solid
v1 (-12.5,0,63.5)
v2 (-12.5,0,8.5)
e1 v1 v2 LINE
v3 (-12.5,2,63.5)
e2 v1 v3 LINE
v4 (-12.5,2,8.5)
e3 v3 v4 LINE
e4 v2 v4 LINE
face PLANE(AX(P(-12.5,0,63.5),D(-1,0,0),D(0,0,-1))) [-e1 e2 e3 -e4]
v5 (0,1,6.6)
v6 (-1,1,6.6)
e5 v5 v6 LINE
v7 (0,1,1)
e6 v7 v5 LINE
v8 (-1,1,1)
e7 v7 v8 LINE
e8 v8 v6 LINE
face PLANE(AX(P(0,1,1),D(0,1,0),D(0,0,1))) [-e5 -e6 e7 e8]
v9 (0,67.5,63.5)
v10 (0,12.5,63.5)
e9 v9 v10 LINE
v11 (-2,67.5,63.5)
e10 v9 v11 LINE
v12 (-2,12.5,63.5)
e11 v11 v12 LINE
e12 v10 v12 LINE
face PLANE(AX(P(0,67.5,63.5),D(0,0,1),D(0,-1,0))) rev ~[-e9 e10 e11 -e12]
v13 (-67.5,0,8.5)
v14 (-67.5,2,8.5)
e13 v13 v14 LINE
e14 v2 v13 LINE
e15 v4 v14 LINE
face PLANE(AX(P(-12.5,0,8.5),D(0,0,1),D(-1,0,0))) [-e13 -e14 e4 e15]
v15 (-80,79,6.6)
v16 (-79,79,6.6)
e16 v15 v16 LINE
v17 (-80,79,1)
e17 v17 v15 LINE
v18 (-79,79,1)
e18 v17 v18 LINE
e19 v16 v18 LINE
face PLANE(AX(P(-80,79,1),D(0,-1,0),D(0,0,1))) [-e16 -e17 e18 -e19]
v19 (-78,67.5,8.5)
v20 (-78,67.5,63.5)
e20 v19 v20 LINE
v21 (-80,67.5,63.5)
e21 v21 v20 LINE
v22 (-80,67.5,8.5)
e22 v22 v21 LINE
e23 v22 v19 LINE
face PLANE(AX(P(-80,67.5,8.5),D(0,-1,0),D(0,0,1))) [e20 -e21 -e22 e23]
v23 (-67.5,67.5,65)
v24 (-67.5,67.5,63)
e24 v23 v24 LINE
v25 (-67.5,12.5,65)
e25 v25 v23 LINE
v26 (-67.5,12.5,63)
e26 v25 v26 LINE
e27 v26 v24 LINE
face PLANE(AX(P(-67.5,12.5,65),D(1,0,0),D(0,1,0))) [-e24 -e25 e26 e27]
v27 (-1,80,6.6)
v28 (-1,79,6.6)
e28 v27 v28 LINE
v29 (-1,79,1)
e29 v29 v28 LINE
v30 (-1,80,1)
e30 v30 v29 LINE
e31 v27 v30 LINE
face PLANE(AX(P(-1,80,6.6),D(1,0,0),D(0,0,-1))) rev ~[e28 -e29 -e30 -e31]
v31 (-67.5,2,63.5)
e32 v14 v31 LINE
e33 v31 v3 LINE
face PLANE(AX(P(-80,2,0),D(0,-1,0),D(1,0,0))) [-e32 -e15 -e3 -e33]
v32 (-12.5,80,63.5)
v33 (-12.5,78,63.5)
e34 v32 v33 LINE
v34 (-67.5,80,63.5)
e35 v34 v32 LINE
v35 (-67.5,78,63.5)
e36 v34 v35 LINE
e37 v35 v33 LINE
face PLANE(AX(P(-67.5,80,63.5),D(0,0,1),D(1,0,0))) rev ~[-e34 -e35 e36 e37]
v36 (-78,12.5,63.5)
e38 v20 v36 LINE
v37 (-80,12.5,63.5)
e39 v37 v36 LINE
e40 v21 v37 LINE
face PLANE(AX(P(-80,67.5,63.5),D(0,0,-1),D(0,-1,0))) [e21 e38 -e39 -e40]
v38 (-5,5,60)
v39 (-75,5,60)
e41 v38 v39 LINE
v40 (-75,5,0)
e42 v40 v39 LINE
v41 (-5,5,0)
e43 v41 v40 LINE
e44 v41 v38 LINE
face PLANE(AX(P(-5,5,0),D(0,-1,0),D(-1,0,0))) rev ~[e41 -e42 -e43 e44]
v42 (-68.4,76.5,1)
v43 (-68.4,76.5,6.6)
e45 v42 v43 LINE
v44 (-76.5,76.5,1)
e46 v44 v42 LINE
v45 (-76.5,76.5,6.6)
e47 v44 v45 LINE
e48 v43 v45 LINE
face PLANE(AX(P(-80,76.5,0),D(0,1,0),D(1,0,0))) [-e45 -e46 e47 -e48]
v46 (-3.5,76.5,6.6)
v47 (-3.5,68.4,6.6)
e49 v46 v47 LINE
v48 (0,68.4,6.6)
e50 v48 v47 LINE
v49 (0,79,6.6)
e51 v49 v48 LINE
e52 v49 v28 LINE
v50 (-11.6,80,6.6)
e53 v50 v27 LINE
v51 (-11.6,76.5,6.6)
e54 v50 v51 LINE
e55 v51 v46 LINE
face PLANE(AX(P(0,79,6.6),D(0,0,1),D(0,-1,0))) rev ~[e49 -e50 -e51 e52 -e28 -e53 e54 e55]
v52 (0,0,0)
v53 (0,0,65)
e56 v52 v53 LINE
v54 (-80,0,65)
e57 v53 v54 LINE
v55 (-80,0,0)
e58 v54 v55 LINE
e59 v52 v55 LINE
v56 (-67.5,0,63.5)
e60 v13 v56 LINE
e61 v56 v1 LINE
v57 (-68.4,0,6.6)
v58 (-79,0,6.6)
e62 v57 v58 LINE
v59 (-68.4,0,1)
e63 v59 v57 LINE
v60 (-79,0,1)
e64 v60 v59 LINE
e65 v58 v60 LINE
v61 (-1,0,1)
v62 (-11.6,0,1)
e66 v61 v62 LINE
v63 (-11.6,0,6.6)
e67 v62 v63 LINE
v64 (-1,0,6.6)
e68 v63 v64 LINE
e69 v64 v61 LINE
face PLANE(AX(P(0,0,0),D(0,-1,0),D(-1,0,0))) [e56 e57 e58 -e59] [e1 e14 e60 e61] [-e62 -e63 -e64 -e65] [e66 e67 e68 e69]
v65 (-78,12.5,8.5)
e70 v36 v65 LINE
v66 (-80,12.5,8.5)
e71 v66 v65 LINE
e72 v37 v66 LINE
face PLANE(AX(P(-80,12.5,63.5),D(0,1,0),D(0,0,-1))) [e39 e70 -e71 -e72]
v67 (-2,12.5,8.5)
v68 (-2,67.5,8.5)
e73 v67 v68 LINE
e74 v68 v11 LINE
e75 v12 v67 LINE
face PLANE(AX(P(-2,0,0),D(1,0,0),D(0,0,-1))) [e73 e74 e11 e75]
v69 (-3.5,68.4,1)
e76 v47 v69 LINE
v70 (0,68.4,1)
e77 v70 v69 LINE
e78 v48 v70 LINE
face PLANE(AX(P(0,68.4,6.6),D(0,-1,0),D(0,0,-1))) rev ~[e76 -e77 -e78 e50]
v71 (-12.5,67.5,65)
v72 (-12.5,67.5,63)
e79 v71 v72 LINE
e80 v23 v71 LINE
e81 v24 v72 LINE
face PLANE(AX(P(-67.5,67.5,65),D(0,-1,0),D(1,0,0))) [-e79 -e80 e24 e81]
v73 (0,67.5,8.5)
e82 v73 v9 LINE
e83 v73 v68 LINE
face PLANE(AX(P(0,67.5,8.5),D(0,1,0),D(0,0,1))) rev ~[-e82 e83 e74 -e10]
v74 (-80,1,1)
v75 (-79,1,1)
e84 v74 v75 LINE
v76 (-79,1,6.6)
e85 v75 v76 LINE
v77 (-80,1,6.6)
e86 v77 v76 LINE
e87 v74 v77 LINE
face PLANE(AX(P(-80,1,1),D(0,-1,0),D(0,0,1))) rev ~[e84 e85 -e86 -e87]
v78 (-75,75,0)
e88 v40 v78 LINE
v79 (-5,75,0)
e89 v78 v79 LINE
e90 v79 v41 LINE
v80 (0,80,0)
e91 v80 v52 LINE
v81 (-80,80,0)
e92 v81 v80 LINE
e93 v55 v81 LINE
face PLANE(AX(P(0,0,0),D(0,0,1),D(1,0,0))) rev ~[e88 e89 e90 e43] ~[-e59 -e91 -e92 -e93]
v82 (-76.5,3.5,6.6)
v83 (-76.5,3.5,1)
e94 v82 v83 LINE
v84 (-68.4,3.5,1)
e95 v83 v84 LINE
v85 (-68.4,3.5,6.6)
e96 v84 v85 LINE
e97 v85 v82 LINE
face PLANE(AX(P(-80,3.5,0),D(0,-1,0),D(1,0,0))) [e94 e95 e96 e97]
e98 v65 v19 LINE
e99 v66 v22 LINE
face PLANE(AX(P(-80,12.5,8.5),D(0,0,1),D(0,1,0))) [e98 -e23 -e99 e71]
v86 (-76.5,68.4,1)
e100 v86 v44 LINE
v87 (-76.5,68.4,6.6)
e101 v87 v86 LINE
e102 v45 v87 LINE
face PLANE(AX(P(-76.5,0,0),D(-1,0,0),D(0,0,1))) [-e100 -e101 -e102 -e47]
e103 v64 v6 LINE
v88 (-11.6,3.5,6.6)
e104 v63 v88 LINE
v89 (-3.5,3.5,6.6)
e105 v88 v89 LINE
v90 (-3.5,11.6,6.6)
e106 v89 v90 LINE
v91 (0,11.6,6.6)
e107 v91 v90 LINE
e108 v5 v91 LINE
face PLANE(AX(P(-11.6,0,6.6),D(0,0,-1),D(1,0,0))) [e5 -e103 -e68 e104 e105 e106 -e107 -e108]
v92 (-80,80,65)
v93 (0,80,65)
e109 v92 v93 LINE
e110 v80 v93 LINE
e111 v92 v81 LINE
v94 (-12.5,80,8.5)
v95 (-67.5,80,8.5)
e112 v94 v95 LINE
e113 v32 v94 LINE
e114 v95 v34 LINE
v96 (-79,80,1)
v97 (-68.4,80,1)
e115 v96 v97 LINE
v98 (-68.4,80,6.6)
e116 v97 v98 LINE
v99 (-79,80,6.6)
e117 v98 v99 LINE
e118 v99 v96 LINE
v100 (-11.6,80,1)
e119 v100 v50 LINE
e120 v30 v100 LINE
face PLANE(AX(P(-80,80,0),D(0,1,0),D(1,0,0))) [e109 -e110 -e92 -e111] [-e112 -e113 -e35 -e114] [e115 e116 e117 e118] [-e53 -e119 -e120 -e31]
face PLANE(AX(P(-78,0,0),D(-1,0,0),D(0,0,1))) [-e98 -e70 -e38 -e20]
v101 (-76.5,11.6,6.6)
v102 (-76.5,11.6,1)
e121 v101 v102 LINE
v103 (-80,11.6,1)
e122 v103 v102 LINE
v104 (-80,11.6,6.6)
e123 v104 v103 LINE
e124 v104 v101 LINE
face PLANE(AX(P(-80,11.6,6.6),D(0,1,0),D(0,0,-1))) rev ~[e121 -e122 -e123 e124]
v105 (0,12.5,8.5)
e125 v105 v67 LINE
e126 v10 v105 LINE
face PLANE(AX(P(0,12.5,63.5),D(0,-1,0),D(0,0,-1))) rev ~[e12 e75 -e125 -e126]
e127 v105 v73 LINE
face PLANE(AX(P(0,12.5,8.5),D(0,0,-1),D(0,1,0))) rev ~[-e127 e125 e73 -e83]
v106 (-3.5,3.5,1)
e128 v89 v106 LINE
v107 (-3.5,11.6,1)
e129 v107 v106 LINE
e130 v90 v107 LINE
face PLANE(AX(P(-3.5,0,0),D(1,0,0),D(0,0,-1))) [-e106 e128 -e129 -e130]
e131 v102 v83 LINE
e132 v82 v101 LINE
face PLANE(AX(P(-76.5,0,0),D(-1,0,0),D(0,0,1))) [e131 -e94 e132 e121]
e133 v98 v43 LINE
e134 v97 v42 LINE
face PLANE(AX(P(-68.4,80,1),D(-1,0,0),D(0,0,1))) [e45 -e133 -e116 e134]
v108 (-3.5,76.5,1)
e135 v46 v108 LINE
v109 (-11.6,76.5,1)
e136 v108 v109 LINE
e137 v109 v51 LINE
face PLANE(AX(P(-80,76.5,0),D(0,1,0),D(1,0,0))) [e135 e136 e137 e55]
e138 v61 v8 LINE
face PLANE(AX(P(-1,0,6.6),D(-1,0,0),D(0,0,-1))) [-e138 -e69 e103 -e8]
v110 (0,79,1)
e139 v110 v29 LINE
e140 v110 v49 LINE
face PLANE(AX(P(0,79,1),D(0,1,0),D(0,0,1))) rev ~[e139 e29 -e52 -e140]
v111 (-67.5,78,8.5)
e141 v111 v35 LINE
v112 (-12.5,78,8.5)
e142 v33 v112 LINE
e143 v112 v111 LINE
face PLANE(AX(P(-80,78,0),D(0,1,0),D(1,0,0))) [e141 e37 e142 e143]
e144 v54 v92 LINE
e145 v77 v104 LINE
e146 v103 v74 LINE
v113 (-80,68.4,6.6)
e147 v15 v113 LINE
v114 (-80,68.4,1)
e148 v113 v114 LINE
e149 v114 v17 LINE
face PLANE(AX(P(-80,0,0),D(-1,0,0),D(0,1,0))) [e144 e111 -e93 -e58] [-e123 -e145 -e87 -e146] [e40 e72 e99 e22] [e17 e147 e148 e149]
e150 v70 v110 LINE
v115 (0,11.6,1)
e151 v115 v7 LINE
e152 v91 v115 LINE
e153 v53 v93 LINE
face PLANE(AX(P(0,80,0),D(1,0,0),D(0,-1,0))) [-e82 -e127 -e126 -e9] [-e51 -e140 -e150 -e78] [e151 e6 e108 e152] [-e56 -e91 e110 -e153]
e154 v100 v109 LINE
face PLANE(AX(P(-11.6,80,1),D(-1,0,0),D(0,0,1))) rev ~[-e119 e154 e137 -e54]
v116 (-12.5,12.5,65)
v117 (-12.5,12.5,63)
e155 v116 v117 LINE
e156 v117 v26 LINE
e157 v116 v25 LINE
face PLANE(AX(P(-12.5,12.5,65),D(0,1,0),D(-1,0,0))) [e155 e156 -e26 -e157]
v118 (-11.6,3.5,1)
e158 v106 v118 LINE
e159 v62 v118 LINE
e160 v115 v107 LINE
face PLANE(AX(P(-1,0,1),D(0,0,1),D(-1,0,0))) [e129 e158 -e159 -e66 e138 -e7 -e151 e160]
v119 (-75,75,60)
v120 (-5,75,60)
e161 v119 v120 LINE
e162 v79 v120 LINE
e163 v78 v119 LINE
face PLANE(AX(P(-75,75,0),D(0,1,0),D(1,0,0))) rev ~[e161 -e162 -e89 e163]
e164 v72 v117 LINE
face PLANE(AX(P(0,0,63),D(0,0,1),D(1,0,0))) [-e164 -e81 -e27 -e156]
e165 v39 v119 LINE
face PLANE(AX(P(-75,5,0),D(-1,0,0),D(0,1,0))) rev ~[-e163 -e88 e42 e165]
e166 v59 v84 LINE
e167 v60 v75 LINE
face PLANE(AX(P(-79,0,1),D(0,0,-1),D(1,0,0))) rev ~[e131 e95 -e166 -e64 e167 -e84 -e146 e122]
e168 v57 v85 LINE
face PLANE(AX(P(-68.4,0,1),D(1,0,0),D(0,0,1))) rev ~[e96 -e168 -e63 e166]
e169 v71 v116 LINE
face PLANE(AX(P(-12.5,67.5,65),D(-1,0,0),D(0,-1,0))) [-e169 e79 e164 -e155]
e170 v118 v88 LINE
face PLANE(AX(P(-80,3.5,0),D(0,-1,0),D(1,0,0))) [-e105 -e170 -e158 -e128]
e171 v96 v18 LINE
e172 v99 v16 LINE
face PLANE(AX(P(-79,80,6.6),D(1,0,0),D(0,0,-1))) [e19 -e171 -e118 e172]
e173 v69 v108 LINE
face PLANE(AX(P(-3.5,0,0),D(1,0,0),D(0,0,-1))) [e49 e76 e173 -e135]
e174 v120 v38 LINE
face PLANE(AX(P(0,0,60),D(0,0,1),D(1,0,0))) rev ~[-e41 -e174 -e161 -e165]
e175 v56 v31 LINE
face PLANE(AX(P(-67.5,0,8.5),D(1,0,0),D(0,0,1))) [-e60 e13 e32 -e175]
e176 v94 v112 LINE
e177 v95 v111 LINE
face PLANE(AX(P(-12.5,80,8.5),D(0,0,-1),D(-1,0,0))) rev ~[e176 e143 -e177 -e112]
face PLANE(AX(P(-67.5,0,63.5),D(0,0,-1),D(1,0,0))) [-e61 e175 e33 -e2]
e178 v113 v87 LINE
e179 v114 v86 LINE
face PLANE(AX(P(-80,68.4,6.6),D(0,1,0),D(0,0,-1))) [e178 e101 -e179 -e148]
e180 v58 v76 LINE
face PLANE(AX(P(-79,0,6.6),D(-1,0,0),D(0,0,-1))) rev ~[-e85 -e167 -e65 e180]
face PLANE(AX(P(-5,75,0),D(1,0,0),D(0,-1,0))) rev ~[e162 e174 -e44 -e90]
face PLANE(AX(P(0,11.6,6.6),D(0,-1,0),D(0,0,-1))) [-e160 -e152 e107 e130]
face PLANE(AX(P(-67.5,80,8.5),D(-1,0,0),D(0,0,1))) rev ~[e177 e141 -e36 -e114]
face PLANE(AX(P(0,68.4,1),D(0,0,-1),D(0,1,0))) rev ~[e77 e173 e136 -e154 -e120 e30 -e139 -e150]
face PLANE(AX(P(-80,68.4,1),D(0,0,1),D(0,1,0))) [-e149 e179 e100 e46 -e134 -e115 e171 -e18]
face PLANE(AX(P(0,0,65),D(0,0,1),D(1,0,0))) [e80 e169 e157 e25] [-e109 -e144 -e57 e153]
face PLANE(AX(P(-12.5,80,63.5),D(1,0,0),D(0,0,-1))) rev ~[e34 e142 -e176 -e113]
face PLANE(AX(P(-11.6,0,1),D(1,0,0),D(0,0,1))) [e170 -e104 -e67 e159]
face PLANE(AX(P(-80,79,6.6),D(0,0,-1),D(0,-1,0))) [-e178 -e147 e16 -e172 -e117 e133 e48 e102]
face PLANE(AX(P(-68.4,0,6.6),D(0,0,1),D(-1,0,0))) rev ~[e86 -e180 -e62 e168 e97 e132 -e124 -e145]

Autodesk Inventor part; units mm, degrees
ref_plane "YZ Plane" through (0, 0, 0) normal (1, 0, 0) x (0, 1, 0)
ref_plane "XZ Plane" through (0, 0, 0) normal (0, 1, 0) x (-1, 0, 0)
ref_plane "XY Plane" through (0, 0, 0) normal (0, 0, 1) x (1, 0, 0)
sketch "Sketch7" plane through (0, 0, 0) normal (0, 0, 1) x (1, 0, 0)
  line L0 (0, 0) -> (-80, 0)
  line L1 (-80, 0) -> (-80, 80)
  line L2 (-80, 80) -> (0, 80)
  line L3 (0, 80) -> (0, 0)
  line L4 (-75, 75) -> (-5, 75)
  line L5 (-5, 75) -> (-5, 5)
  line L6 (-5, 5) -> (-75, 5)
  line L7 (-75, 5) -> (-75, 75)
  dimension "d54" = 80
  dimension "d55" = 80
  dimension "d56" = 70
  dimension "d57" = 70
extrude "Extrusion10" add sketch "Sketch7" along normal blind 60
sketch "Sketch8" plane through (0, 0, 60) normal (0, 0, 1) x (1, 0, 0)
  line L0 (0, 0) -> (0, 80) projected
  line L1 (0, 0) -> (-80, 0)
  line L2 (-80, 0) -> (-80, 80)
  line L3 (-80, 80) -> (0, 80)
  line L4 (0, 80) -> (0, 0)
  dimension "d60" = 80
  dimension "d61" = 80
extrude "Extrusion11" add sketch "Sketch8" along normal blind 5
sketch "Sketch9" plane through (0, 0, 65) normal (0, 0, 1) x (1, 0, 0)
  line L0 (-12.5, 12.5) -> (-67.5, 12.5)
  line L1 (-67.5, 12.5) -> (-67.5, 67.5)
  line L2 (-67.5, 67.5) -> (-12.5, 67.5)
  line L3 (-12.5, 67.5) -> (-12.5, 12.5)
  point P0 (0, 0)
  dimension "d64" = 55
  dimension "d65" = 55
extrude "Extrusion12" cut sketch "Sketch9" against normal blind 2
sketch "Sketch10" plane through (0, 0, 0) normal (1, 0, 0) x (0, 0, -1)
  line L0 (-63.5, 12.5) -> (-8.5, 12.5)
  line L1 (-8.5, 12.5) -> (-8.5, 67.5)
  line L2 (-8.5, 67.5) -> (-63.5, 67.5)
  line L3 (-63.5, 67.5) -> (-63.5, 12.5)
  point P0 (0, 0)
  dimension "d68" = 55
  dimension "d69" = 55
extrude "Extrusion13" cut sketch "Sketch10" against normal blind 2
sketch "Sketch11" plane through (-80, 80, 0) normal (0, 1, 0) x (1, 0, 0)
  line L0 (12.5, -63.5) -> (67.5, -63.5)
  line L1 (67.5, -63.5) -> (67.5, -8.5)
  line L2 (67.5, -8.5) -> (12.5, -8.5)
  line L3 (12.5, -8.5) -> (12.5, -63.5)
  point P0 (80, 0)
  dimension "d72" = 55
  dimension "d73" = 55
sketch "Sketch12" plane through (-80, 0, 0) normal (-1, 0, 0) x (0, 0, 1)
  line L0 (63.5, 12.5) -> (8.5, 12.5)
  line L1 (8.5, 12.5) -> (8.5, 67.5)
  line L2 (8.5, 67.5) -> (63.5, 67.5)
  line L3 (63.5, 67.5) -> (63.5, 12.5)
  point P0 (0, 0)
  dimension "d74" = 55
  dimension "d75" = 55
sketch "Sketch13" plane through (-80, 0, 0) normal (0, -1, 0) x (1, 0, 0)
  line L0 (12.5, 63.5) -> (67.5, 63.5)
  line L1 (67.5, 63.5) -> (67.5, 8.5)
  line L2 (67.5, 8.5) -> (12.5, 8.5)
  line L3 (12.5, 8.5) -> (12.5, 63.5)
  point P0 (80, 0)
  dimension "d76" = 55
  dimension "d77" = 55
extrude "Extrusion14" cut sketch "Sketch11" against normal blind 2
extrude "Extrusion15" cut sketch "Sketch12" against normal blind 2
extrude "Extrusion16" cut sketch "Sketch13" against normal blind 2
sketch "Sketch14" plane through (-80, 80, 0) normal (0, 1, 0) x (1, 0, 0)
  line L0 (79, -1) -> (68.4, -1)
  line L1 (68.4, -1) -> (68.4, -6.6)
  line L2 (68.4, -6.6) -> (79, -6.6)
  line L3 (79, -6.6) -> (79, -1)
  line L4 (1, -1) -> (11.6, -1)
  line L5 (11.6, -1) -> (11.6, -6.6)
  line L6 (11.6, -6.6) -> (1, -6.6)
  line L7 (1, -6.6) -> (1, -1)
  point P0 (80, 0)
  dimension "d84" = 10.6
  dimension "d85" = 5.6
  dimension "d86" = 10.6
  dimension "d87" = 5.6
extrude "Extrusion17" cut sketch "Sketch14" against normal blind 3.5
sketch "Sketch15" plane through (-80, 0, 0) normal (-1, 0, 0) x (0, 0, 1)
  line L0 (1, 1) -> (6.6, 1)
  line L1 (6.6, 1) -> (6.6, 11.6)
  line L2 (6.6, 11.6) -> (1, 11.6)
  line L3 (1, 11.6) -> (1, 1)
  line L4 (1, 79) -> (6.6, 79)
  line L5 (6.6, 79) -> (6.6, 68.4)
  line L6 (6.6, 68.4) -> (1, 68.4)
  line L7 (1, 68.4) -> (1, 79)
  point P0 (0, 0)
  dimension "d90" = 5.6
  dimension "d91" = 10.6
  dimension "d92" = 5.6
  dimension "d93" = 10.6
sketch "Sketch16" plane through (-80, 0, 0) normal (0, -1, 0) x (1, 0, 0)
  line L0 (1, 1) -> (11.6, 1)
  line L1 (11.6, 1) -> (11.6, 6.6)
  line L2 (11.6, 6.6) -> (1, 6.6)
  line L3 (1, 6.6) -> (1, 1)
  line L4 (79, 1) -> (68.4, 1)
  line L5 (68.4, 1) -> (68.4, 6.6)
  line L6 (68.4, 6.6) -> (79, 6.6)
  line L7 (79, 6.6) -> (79, 1)
  point P0 (80, 0)
  dimension "d94" = 10.6
  dimension "d95" = 5.6
  dimension "d96" = 10.6
  dimension "d97" = 5.6
sketch "Sketch17" plane through (0, 0, 0) normal (1, 0, 0) x (0, 0, -1)
  line L0 (-1, 1) -> (-6.6, 1)
  line L1 (-6.6, 1) -> (-6.6, 11.6)
  line L2 (-6.6, 11.6) -> (-1, 11.6)
  line L3 (-1, 11.6) -> (-1, 1)
  line L4 (-1, 79) -> (-6.6, 79)
  line L5 (-6.6, 79) -> (-6.6, 68.4)
  line L6 (-6.6, 68.4) -> (-1, 68.4)
  line L7 (-1, 68.4) -> (-1, 79)
  point P0 (0, 0)
  dimension "d98" = 5.6
  dimension "d99" = 10.6
  dimension "d100" = 5.6
  dimension "d101" = 10.6
extrude "Extrusion18" cut sketch "Sketch17" against normal blind 3.5
extrude "Extrusion19" cut sketch "Sketch16" against normal blind 3.5
extrude "Extrusion20" cut sketch "Sketch15" against normal blind 3.5
properties part number "Circle_TestFit_V1"
